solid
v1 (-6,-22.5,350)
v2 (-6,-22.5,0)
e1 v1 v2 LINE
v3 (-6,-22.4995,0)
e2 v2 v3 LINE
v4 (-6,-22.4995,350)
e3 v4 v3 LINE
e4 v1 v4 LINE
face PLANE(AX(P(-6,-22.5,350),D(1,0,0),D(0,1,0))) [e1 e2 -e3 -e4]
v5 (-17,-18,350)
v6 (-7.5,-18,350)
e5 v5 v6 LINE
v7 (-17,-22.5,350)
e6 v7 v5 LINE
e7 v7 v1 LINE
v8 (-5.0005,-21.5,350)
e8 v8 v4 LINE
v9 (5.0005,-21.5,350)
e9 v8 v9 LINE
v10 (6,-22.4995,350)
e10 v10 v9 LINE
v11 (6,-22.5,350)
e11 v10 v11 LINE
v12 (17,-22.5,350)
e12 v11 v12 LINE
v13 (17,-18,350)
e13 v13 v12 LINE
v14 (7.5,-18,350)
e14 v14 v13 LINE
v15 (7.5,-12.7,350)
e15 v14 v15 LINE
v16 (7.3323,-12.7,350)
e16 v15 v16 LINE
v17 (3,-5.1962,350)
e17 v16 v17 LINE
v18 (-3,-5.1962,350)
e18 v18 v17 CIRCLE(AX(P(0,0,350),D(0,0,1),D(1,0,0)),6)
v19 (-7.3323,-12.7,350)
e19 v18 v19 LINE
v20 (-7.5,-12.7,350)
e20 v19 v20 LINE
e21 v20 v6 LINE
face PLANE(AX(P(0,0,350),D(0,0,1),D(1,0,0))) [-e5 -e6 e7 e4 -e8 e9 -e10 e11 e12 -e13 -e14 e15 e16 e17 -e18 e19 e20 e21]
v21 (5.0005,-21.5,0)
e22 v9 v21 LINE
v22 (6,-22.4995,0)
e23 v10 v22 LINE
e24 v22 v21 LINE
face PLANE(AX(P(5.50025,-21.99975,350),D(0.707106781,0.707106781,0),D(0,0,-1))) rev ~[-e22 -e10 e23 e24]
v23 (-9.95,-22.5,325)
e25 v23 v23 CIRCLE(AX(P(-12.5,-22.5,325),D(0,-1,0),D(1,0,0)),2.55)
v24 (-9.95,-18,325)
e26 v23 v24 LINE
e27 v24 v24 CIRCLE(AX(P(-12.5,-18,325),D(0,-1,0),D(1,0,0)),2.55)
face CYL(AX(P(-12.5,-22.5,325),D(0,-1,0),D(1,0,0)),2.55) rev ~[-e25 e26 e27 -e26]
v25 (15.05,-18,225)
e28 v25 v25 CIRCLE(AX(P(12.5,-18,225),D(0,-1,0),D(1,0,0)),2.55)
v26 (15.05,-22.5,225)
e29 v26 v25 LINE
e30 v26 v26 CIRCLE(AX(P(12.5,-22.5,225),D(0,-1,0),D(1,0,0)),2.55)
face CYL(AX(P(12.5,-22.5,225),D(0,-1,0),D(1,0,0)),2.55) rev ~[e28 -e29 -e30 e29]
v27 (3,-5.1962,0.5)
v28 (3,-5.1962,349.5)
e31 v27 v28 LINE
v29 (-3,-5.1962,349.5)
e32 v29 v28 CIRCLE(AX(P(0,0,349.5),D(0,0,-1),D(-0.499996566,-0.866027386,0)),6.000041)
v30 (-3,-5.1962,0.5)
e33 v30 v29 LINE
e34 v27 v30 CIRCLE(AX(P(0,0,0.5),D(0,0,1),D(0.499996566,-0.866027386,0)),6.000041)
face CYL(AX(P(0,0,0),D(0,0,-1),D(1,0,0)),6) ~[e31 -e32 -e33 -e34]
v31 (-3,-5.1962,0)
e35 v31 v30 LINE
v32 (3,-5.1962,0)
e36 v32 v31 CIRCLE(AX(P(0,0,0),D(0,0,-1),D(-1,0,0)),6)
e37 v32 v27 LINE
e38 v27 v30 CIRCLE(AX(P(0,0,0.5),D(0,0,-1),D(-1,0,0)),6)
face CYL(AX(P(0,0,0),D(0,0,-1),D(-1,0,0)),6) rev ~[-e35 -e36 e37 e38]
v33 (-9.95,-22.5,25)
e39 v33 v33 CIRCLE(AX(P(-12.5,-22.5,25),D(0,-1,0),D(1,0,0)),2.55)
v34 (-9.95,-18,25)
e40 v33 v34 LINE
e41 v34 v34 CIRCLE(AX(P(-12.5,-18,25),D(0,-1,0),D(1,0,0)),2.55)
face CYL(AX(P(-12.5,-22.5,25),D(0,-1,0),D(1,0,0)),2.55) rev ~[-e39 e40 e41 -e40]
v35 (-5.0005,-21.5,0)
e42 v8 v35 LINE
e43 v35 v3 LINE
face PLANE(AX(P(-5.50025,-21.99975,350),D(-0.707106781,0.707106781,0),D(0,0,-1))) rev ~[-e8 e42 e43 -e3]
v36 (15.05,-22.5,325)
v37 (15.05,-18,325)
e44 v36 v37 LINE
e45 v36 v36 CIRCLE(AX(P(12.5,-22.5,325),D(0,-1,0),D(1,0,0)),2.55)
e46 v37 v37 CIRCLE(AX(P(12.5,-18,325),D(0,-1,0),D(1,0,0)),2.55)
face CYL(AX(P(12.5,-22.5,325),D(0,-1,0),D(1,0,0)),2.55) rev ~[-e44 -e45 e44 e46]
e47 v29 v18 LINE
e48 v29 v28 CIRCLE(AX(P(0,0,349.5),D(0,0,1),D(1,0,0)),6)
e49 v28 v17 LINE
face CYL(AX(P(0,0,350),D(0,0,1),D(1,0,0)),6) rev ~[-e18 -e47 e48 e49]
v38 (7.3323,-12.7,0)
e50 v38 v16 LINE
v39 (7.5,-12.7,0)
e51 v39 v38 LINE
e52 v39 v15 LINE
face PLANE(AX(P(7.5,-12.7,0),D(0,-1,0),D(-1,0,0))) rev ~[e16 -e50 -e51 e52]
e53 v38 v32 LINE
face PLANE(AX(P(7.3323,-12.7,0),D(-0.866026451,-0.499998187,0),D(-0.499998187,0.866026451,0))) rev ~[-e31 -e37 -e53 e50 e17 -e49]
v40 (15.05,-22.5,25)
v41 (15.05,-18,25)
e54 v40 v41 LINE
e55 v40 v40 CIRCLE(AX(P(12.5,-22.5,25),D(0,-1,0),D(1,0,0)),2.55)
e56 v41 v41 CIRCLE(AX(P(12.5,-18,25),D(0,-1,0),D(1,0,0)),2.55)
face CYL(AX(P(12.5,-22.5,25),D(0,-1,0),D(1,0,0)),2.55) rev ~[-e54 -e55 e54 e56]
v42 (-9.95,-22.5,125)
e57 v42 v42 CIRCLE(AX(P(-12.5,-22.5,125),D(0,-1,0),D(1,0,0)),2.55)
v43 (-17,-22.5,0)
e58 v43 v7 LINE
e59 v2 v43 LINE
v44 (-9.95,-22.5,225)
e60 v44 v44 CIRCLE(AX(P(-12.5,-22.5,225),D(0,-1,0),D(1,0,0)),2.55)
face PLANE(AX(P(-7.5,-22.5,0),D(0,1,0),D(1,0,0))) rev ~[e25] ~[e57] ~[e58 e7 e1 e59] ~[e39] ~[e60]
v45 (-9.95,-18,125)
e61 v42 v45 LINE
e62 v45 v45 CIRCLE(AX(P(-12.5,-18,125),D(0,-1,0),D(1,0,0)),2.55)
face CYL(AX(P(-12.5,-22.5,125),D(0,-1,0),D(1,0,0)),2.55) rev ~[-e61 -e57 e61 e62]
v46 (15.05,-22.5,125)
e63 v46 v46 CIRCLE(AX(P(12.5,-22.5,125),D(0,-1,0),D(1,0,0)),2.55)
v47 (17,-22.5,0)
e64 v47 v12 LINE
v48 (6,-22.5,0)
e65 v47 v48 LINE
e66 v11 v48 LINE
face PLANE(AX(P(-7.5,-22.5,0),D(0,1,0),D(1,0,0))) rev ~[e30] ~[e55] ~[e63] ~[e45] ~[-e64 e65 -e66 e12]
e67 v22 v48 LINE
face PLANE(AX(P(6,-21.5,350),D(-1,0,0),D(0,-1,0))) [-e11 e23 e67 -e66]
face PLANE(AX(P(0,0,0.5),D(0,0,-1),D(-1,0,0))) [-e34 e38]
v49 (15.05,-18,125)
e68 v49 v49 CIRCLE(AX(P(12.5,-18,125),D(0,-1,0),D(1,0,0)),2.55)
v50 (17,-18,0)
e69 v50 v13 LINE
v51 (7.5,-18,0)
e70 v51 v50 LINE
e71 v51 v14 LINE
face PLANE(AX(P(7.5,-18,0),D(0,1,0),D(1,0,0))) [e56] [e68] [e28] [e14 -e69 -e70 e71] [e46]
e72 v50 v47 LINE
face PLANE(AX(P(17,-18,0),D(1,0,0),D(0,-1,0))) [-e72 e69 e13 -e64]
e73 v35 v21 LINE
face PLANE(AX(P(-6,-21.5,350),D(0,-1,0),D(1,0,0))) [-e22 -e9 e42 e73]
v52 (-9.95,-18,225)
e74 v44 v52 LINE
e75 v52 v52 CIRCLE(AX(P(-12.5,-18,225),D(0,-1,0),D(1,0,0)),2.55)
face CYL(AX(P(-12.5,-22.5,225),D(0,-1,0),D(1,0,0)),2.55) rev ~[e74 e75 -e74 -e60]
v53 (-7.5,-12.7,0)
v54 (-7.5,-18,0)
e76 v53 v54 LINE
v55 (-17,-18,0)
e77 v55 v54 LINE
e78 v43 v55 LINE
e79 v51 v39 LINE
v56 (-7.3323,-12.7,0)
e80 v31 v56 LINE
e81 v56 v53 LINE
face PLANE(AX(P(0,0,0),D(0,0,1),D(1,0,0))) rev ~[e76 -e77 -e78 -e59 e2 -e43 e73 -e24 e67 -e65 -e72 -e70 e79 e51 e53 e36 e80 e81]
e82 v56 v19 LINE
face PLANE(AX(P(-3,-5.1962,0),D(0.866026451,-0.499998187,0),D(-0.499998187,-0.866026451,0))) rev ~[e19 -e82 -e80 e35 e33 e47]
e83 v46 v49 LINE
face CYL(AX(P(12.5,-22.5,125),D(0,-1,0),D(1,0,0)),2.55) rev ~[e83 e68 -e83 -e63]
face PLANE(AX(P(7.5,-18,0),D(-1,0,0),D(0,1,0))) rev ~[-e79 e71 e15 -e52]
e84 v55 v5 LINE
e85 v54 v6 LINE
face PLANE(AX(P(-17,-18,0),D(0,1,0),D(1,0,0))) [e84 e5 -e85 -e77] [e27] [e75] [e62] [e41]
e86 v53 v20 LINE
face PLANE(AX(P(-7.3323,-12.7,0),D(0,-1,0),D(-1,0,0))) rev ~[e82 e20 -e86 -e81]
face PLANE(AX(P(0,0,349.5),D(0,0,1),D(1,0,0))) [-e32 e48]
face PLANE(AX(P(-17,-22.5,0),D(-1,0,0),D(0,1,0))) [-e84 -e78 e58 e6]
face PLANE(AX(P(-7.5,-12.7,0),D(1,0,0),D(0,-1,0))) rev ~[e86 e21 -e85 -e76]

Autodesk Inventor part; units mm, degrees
ref_plane "YZ Plane" through (0, 0, 0) normal (1, 0, 0) x (0, 1, 0)
ref_plane "XZ Plane" through (0, 0, 0) normal (0, 1, 0) x (-1, 0, 0)
ref_plane "XY Plane" through (0, 0, 0) normal (0, 0, 1) x (1, 0, 0)
sketch "Sketch1" plane through (0, 0, 0) normal (0, 0, 1) x (1, 0, 0)
  circle A0 centre (0, 0) radius 6
  line L0 (-3, -5.1962) -> (-7.3323, -12.7)
  line L1 (-7.3323, -12.7) -> (7.3323, -12.7)
  line L2 (7.3323, -12.7) -> (3, -5.1962)
  line L3 (-7.5, -22.5) -> (7.5, -22.5)
  line L4 (7.5, -22.5) -> (7.5, -12.7)
  line L5 (7.5, -12.7) -> (-7.5, -12.7)
  line L6 (-7.5, -12.7) -> (-7.5, -22.5)
  line L7 (0, -12.7) -> (0, 0)
  line L8 (-17, -18) -> (17, -18)
  line L9 (17, -18) -> (17, -22.5)
  line L10 (17, -22.5) -> (-17, -22.5)
  line L11 (-17, -22.5) -> (-17, -18)
  point P0 (0, -22.5)
  dimension "d0" = 12
  dimension "d1" = 60
  dimension "d2" = 3
  dimension "d3" = 3
  dimension "d4" = 15
  dimension "d5" = 9.8
  dimension "d7" = 4.5
  dimension "d8" = 34
  dimension "d31" = 22.5
extrude "Extrusion1" add sketch "Sketch1" along normal blind 350
sketch "Sketch2" plane through (0, 0, 350) normal (0, 0, 1) x (1, 0, 0)
  arc A0 (3, -5.1962) -> (-3, -5.1962) centre (0, 0) ccw projected
  line L0 (3, -5.1962) -> (7.3323, -12.7) projected
  line L1 (7.3323, -12.7) -> (7.5, -12.7) projected
  line L2 (7.5, -12.7) -> (7.5, -18) projected
  line L3 (7.5, -18) -> (17, -18) projected
  line L4 (17, -18) -> (17, -22.5) projected
  line L5 (17, -22.5) -> (-17, -22.5) projected
  line L6 (-17, -22.5) -> (-17, -18) projected
  line L7 (-17, -18) -> (-7.5, -18) projected
  line L8 (-7.5, -18) -> (-7.5, -12.7) projected
  line L9 (-7.5, -12.7) -> (-7.3323, -12.7) projected
  line L10 (-7.3323, -12.7) -> (-3, -5.1962) projected
  line L11 (-6, -21.5) -> (6, -21.5)
  line L12 (6, -21.5) -> (6, -22.5)
  line L13 (6, -22.5) -> (-6, -22.5)
  line L14 (-6, -22.5) -> (-6, -21.5)
  point P0 (0, -22.5)
  dimension "d11" = 12
  dimension "d12" = 1
extrude "Extrusion2" cut sketch "Sketch2" against normal through all contours L5 L14 L11 L12
chamfer "Chamfer1" distance 1 angle 45 2 edges at (-6, -21.5, 175) (6, -21.5, 175)
sketch "Sketch3" plane through (-17, -22.5, 0) normal (0, -1, 0) x (1, 0, 0)
  line L0 (23, 0) -> (23, 350) construction
  line L1 (23, 350) -> (34, 350) projected
  line L2 (34, 350) -> (34, 0) projected
  line L3 (34, 0) -> (23, 0) construction
  line L4 (11, 350) -> (11, 0) construction
  line L5 (11, 0) -> (0, 0) construction
  line L6 (0, 0) -> (0, 350) projected
  line L7 (0, 350) -> (11, 350) projected
  circle A0 centre (4.5, 25) radius 2.55
  circle A1 centre (29.5, 25) radius 2.55
  line L8 (29.5, 25) -> (4.5, 25) construction
  line L9 (17, 25) -> (17, 0) construction
  dimension "d18" = 25
  dimension "d19" = 5.1
  dimension "d20" = 5.1
  dimension "d21" = 25
extrude "Extrusion3" cut sketch "Sketch3" against normal through all
pattern_linear "Rectangular Pattern1" count 4 spacing 100 along (0, 0, 1) of "Extrusion3"
sketch "Sketch4" plane through (0, 0, 0) normal (0, 0, -1) x (-1, 0, 0)
  line L0 (-5, -21.5) -> (-6, -22.5) projected
  line L1 (-5, -21.5) -> (5, -21.5) projected
  line L2 (6, -22.5) -> (5, -21.5) projected
  line L3 (17, -22.5) -> (6, -22.5) projected
  line L4 (17, -18) -> (17, -22.5) projected
  line L5 (7.5, -18) -> (17, -18) projected
  line L6 (7.5, -12.7) -> (7.5, -18) projected
  line L7 (7.3323, -12.7) -> (7.5, -12.7) projected
  line L8 (3, -5.1962) -> (7.3323, -12.7) projected
  arc A0 (3, -5.1962) -> (-3, -5.1962) centre (0, 0) ccw projected
  line L9 (-7.3323, -12.7) -> (-3, -5.1962) projected
  line L10 (-7.5, -12.7) -> (-7.3323, -12.7) projected
  line L11 (-7.5, -18) -> (-7.5, -12.7) projected
  line L12 (-17, -18) -> (-7.5, -18) projected
  line L13 (-17, -22.5) -> (-17, -18) projected
  line L14 (-6, -22.5) -> (-17, -22.5) projected
  circle A1 centre (0, 0) radius 6
extrude "Extrusion4" cut sketch "Sketch4" against normal blind 0.5 contours A0 A1
sketch "Sketch5" plane through (0, 0, 350) normal (0, 0, 1) x (1, 0, 0)
  line L0 (6, -22.5) -> (17, -22.5) projected
  line L1 (17, -22.5) -> (17, -18) projected
  line L2 (17, -18) -> (7.5, -18) projected
  line L3 (7.5, -18) -> (7.5, -12.7) projected
  line L4 (7.5, -12.7) -> (7.3323, -12.7) projected
  line L5 (7.3323, -12.7) -> (3, -5.1962) projected
  arc A0 (3, -5.1962) -> (-3, -5.1962) centre (0, 0) ccw projected
  line L6 (-3, -5.1962) -> (-7.3323, -12.7) projected
  line L7 (-7.3323, -12.7) -> (-7.5, -12.7) projected
  line L8 (-7.5, -12.7) -> (-7.5, -18) projected
  line L9 (-7.5, -18) -> (-17, -18) projected
  line L10 (-17, -18) -> (-17, -22.5) projected
  line L11 (-17, -22.5) -> (-6, -22.5) projected
  line L12 (-5, -21.5) -> (-6, -22.5) projected
  line L13 (-5, -21.5) -> (5, -21.5) projected
  line L14 (6, -22.5) -> (5, -21.5) projected
  circle A1 centre (0, 0) radius 6
extrude "Extrusion5" cut sketch "Sketch5" against normal blind 0.5 contours A1 A0
properties part number "sbr12_350mm"
